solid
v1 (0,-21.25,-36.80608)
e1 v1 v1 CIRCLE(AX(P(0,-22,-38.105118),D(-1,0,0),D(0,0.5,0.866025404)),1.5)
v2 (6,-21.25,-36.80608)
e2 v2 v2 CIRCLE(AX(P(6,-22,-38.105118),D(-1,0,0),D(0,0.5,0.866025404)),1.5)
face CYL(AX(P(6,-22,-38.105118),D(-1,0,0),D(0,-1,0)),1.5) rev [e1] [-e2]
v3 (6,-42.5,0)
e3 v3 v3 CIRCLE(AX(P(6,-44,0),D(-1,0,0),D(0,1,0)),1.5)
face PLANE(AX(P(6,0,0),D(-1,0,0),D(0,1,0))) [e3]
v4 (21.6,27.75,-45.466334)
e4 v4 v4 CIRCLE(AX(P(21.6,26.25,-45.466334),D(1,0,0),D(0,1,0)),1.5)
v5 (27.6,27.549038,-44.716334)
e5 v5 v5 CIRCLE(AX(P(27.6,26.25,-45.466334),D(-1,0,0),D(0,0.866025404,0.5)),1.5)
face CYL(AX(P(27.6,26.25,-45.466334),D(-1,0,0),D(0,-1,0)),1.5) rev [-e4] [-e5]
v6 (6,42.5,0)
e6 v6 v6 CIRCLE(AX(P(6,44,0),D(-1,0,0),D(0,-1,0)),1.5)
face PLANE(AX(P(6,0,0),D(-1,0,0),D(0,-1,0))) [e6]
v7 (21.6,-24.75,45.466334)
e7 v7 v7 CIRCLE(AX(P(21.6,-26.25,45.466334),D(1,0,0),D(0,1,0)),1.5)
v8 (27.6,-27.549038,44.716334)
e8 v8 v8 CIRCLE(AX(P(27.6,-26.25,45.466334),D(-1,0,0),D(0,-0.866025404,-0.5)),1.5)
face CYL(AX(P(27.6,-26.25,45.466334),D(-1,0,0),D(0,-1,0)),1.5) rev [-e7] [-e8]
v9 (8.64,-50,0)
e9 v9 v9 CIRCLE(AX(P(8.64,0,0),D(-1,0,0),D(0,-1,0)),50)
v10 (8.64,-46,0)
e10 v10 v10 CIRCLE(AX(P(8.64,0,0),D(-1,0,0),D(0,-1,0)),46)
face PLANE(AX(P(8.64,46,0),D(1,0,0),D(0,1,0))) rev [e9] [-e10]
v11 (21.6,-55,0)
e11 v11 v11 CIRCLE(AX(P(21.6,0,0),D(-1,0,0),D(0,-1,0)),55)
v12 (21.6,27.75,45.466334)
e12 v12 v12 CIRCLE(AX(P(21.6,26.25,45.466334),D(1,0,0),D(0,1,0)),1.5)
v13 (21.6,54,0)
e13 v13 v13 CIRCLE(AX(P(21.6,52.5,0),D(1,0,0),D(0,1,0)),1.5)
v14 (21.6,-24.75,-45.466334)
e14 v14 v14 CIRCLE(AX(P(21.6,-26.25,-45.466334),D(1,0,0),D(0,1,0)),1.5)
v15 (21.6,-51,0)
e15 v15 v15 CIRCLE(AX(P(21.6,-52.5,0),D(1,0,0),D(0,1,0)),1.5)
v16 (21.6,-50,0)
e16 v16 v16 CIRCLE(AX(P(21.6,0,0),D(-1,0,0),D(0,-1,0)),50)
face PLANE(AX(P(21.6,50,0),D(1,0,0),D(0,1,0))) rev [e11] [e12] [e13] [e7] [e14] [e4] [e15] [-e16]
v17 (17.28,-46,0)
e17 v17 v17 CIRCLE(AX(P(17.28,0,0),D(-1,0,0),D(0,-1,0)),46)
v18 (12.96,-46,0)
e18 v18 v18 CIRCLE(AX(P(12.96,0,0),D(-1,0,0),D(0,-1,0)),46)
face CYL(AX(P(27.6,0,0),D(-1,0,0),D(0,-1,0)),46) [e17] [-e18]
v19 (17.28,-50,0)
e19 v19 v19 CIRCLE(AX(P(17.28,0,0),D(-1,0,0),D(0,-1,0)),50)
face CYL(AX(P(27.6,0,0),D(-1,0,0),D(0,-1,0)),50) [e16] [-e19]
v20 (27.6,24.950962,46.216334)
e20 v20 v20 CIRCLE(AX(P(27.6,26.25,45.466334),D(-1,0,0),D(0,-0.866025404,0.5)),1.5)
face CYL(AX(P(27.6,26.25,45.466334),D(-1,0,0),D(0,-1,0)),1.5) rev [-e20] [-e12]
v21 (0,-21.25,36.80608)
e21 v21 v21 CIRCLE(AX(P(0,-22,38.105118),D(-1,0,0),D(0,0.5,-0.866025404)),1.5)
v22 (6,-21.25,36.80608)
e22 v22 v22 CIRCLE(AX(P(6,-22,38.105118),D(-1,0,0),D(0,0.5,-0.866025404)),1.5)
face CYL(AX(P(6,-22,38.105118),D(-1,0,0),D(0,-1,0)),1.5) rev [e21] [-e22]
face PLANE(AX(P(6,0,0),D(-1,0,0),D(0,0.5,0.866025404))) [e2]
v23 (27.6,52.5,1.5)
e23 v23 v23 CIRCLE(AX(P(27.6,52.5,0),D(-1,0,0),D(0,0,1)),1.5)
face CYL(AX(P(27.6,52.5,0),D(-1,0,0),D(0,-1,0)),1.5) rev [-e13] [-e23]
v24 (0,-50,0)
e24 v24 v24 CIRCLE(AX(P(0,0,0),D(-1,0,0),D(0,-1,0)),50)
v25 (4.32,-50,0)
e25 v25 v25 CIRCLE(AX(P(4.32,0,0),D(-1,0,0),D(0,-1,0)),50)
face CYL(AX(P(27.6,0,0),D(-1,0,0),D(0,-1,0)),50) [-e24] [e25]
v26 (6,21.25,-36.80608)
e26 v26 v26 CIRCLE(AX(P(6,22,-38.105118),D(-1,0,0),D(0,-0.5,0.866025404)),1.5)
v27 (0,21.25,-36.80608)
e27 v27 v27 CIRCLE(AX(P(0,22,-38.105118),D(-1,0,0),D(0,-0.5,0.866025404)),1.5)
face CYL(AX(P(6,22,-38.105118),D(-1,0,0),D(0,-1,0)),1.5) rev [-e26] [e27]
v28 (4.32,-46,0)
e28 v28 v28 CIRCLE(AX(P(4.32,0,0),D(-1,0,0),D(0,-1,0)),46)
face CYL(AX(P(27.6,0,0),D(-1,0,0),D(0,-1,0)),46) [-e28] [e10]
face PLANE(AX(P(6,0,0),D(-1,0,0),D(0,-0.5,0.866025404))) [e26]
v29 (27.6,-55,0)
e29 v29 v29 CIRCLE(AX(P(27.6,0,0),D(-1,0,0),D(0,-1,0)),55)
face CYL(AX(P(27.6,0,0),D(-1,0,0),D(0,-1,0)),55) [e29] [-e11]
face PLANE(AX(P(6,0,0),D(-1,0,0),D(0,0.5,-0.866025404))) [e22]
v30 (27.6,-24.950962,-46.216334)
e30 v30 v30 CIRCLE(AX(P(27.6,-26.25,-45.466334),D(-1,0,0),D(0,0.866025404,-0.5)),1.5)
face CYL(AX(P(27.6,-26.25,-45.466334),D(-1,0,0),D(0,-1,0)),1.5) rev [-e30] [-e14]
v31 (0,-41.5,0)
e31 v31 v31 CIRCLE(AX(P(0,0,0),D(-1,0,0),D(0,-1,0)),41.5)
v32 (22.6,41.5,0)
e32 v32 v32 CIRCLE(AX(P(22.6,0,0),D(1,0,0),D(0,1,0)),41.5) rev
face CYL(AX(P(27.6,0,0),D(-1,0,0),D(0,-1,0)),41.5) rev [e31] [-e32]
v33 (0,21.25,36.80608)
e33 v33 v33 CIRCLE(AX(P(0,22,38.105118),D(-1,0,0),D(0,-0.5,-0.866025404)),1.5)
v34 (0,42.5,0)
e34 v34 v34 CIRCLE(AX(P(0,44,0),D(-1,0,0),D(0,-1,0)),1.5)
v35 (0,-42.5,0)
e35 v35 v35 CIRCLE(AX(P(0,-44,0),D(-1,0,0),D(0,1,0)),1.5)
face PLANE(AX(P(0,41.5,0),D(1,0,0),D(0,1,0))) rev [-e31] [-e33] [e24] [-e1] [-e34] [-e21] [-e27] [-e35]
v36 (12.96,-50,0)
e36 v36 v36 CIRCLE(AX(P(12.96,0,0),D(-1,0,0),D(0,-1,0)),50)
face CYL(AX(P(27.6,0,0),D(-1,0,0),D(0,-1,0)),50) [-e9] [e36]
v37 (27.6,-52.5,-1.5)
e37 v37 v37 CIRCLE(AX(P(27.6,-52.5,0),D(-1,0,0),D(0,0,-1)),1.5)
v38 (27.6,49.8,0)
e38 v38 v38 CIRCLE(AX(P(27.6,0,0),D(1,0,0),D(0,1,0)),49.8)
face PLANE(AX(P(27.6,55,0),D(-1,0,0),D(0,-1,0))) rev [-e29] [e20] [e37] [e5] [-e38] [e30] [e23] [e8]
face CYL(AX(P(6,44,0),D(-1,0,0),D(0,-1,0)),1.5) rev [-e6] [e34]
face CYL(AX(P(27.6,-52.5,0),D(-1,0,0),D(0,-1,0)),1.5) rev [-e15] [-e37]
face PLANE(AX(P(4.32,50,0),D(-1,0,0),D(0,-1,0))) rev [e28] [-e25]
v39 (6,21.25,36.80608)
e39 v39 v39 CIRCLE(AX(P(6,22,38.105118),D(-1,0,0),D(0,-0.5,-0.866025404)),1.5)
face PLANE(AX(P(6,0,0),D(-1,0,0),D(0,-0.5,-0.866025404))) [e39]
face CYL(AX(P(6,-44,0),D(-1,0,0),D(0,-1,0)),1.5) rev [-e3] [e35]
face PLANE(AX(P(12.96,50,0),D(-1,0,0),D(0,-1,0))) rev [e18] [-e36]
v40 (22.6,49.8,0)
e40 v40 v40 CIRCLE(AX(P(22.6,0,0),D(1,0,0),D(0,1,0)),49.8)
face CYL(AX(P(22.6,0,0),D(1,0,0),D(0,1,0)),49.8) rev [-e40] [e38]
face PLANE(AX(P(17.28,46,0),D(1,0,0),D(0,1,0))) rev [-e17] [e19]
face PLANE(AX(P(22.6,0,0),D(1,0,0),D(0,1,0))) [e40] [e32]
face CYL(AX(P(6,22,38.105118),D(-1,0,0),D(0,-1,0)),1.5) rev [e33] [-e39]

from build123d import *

# Parameters (mm, degrees)
SKETCH_2_R               = 1.5
CUT_EXTRUDE_1_DEPTH      = 6
PATTERN_CIRCULAR_1_COUNT = 6
SKETCH_3_R               = 1.5
CUT_EXTRUDE_2_DEPTH      = 81.725212914
PATTERN_CIRCULAR_2_COUNT = 6
SKETCH_4_R               = 49.8
CUT_EXTRUDE_3_DEPTH      = 5


with BuildPart() as part:
    # 草图1 → 旋转1 (revolve)
    with BuildSketch(Plane.XY, mode=Mode.PRIVATE) as revolve_1_sk:
        Polygon((0, 41.5), (0, 50), (4.32, 50), (4.32, 46), (8.64, 46), (8.64, 50), (12.96, 50), (12.96, 46), (17.28, 46), (17.28, 50), (21.6, 50), (21.6, 55), (27.6, 55), (27.6, 41.5), align=None)
    revolve(revolve_1_sk.sketch.rotate(Axis((27.6, 0, 0), (1, 0, 0)), 180), axis=Axis((27.6, 0, 0), (1, 0, 0)))

    # 草图2 → 切除-拉伸1 (cut)
    with BuildSketch(Plane.ZY):
        with Locations(Location((0, 44, 0), (0, 0, 270))):
            Circle(SKETCH_2_R)
    cut_extrude_1 = extrude(amount=-CUT_EXTRUDE_1_DEPTH, mode=Mode.SUBTRACT)

    # 阵列(圆周)1: 切除-拉伸1 ×6 about axis
    pattern_circular_1_axis = Axis((0, 0, 0), (1, 0, 0))
    for i in range(1, PATTERN_CIRCULAR_1_COUNT):
        add(cut_extrude_1.rotate(pattern_circular_1_axis, i * 360 / PATTERN_CIRCULAR_1_COUNT), mode=Mode.SUBTRACT)

    # 草图3 → 切除-拉伸2 (cut, symmetric)
    with BuildSketch(Plane.ZY.offset(-21.6)):
        with Locations((0, 52.5)):
            Circle(SKETCH_3_R)
    cut_extrude_2 = extrude(amount=CUT_EXTRUDE_2_DEPTH, both=True, mode=Mode.SUBTRACT)

    # 阵列(圆周)2: 切除-拉伸2 ×6 about axis
    pattern_circular_2_axis = Axis((0, 0, 0), (1, 0, 0))
    for i in range(1, PATTERN_CIRCULAR_2_COUNT):
        add(cut_extrude_2.rotate(pattern_circular_2_axis, i * 360 / PATTERN_CIRCULAR_2_COUNT), mode=Mode.SUBTRACT)

    # 草图4 → 切除-拉伸3 (cut)
    with BuildSketch(Plane(origin=(27.6, 0, 0), x_dir=(0, 0, -1), z_dir=(1, 0, 0))):
        with Locations(Location((0, 0, 0), (0, 0, 90))):
            Circle(SKETCH_4_R)
    extrude(amount=-CUT_EXTRUDE_3_DEPTH, mode=Mode.SUBTRACT)


solid = part.part
